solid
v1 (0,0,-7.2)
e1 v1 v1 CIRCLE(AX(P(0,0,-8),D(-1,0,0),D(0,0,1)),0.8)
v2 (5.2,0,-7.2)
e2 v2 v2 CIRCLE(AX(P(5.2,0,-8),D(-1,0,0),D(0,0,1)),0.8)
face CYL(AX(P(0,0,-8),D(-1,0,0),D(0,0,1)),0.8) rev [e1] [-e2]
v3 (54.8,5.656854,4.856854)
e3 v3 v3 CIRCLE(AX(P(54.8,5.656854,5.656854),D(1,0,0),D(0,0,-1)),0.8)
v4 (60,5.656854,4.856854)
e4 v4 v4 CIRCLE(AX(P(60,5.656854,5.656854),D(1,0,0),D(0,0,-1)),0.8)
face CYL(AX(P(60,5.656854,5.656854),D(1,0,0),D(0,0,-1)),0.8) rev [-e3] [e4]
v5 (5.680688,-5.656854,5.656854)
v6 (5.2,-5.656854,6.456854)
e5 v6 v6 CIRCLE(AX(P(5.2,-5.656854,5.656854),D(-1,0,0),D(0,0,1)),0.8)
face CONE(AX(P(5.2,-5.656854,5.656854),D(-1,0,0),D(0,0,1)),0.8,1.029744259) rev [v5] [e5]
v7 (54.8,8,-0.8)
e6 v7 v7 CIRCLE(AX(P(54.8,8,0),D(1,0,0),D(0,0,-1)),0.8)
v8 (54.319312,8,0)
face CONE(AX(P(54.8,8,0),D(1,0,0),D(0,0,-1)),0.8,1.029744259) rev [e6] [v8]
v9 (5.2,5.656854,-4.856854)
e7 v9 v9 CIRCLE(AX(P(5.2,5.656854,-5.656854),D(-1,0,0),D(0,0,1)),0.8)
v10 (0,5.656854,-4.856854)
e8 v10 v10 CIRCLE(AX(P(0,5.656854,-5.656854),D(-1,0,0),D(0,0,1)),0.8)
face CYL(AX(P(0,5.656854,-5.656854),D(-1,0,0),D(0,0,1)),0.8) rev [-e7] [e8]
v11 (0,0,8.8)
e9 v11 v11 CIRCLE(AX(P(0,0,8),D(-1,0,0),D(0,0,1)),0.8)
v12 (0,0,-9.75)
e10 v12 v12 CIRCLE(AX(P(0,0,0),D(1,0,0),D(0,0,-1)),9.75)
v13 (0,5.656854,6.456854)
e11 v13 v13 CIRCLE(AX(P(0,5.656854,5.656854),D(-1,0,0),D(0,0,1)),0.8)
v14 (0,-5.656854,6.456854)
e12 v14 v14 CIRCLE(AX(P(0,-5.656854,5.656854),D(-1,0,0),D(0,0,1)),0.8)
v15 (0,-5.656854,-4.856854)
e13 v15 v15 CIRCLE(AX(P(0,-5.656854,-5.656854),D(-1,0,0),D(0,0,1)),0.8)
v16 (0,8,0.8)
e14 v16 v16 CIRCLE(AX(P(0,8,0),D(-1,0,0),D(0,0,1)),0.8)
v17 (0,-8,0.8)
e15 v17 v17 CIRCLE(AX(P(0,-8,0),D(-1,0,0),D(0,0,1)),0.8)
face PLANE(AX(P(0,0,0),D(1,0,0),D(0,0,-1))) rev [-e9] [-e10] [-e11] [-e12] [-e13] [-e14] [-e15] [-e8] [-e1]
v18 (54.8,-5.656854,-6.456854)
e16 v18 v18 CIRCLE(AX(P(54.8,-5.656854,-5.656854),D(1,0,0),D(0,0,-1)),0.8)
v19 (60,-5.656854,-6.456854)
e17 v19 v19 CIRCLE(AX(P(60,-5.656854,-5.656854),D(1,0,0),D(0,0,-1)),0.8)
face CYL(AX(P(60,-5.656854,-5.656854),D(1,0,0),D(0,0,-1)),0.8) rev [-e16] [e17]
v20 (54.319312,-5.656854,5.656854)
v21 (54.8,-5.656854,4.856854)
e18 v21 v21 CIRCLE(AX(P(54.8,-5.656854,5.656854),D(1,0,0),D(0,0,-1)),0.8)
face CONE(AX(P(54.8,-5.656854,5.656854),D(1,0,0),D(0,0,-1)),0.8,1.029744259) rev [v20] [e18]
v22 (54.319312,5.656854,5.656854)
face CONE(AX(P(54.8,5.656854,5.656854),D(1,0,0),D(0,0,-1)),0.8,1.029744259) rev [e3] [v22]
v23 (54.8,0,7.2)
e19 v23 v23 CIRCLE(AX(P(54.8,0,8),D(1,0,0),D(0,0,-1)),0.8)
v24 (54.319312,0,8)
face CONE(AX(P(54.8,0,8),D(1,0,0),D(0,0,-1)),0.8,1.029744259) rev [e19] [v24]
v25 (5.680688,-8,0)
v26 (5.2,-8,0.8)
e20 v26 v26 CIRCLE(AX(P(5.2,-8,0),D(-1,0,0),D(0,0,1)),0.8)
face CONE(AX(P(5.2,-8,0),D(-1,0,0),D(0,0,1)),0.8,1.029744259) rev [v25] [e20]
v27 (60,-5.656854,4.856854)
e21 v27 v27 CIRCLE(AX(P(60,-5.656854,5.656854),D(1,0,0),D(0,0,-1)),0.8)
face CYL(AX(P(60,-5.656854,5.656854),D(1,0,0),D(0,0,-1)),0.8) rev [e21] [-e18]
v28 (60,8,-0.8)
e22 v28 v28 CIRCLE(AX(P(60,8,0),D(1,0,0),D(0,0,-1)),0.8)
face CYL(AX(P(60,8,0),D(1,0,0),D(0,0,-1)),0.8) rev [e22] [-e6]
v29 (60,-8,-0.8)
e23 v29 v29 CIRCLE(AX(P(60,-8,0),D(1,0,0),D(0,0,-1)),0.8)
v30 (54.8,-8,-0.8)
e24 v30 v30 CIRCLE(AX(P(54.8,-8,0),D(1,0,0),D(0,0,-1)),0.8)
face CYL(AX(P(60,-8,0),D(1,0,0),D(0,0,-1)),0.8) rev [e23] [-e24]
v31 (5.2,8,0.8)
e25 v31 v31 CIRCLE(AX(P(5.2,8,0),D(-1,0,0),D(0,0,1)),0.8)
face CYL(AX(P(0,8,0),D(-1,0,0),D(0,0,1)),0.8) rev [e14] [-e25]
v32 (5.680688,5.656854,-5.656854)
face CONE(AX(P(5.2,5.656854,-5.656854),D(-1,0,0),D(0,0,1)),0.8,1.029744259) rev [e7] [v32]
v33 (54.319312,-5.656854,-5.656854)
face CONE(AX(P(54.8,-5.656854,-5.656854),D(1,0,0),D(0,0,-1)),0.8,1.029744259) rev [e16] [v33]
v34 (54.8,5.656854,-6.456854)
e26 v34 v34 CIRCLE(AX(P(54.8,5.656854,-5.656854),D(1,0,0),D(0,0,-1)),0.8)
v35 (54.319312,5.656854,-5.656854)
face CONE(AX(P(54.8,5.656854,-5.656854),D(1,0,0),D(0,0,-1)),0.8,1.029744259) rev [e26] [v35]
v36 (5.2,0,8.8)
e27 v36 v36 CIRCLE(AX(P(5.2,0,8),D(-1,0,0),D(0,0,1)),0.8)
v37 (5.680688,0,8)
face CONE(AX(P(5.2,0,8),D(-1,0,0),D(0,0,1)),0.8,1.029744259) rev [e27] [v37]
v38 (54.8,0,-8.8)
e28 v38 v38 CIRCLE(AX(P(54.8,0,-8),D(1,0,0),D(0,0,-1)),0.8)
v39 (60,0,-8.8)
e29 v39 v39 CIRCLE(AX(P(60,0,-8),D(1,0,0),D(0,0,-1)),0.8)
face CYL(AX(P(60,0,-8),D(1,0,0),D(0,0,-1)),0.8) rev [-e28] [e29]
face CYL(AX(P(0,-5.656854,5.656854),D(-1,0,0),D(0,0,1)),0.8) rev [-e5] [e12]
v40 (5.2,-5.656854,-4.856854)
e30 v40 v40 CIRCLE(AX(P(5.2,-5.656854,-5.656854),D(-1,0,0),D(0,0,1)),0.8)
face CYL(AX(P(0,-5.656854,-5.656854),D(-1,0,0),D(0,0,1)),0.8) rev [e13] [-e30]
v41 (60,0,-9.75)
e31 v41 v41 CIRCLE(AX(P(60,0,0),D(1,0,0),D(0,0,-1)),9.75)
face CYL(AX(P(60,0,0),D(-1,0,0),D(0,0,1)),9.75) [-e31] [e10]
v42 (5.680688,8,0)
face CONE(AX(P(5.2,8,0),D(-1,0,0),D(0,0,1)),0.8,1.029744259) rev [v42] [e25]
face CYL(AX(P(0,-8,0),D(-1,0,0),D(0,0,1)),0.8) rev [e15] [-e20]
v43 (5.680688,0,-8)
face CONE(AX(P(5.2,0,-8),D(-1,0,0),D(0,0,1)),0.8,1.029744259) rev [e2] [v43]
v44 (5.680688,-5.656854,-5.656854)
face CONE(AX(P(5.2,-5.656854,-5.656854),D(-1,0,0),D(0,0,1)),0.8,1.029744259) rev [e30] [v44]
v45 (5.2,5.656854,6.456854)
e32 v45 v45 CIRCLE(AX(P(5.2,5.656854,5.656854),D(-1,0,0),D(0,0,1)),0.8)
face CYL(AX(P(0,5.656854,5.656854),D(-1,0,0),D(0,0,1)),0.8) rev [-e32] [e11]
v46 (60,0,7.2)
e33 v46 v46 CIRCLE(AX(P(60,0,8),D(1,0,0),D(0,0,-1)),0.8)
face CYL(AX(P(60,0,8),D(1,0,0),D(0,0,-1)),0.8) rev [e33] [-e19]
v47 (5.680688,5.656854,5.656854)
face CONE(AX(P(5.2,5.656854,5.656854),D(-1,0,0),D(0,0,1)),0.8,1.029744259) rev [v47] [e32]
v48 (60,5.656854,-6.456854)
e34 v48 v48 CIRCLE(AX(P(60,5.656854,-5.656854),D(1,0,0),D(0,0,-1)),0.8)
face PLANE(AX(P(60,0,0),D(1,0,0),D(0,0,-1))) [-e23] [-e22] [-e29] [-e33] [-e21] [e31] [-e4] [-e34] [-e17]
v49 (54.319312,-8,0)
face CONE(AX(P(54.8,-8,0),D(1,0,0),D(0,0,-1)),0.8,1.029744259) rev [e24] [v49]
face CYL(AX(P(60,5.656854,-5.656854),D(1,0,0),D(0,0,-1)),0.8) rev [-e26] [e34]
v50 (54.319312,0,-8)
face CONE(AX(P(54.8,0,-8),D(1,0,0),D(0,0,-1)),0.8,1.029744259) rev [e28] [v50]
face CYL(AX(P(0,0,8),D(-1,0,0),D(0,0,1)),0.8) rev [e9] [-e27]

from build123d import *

# Parameters (mm, degrees)
SKETCH1_R                  = 9.75
BOSS_EXTRUDE1_DEPTH        = 60
M2_TAPPED_HOLE1_AT_2_COUNT = 2
M2_TAPPED_HOLE1_AT_2_PITCH = 6.122934918
M2_TAPPED_HOLE1_AT_3_COUNT = 2
M2_TAPPED_HOLE1_AT_3_PITCH = 11.313708499
M2_TAPPED_HOLE1_AT_4_COUNT = 2
M2_TAPPED_HOLE1_AT_4_PITCH = 14.78207252
M2_TAPPED_HOLE1_AT_5_COUNT = 2
M2_TAPPED_HOLE1_AT_5_PITCH = 16
M2_TAPPED_HOLE1_AT_6_COUNT = 2
M2_TAPPED_HOLE1_AT_6_PITCH = 14.78207252
M2_TAPPED_HOLE1_AT_7_COUNT = 2
M2_TAPPED_HOLE1_AT_7_PITCH = 11.313708499
M2_TAPPED_HOLE1_AT_8_COUNT = 2
M2_TAPPED_HOLE1_AT_8_PITCH = 6.122934918


with BuildPart() as part:
    # Sketch1 → Boss-Extrude1 (new body)
    with BuildSketch(Plane(origin=(0, 0, 0), x_dir=(0, 0, -1), z_dir=(1, 0, 0))):
        Circle(SKETCH1_R)
    extrude(amount=BOSS_EXTRUDE1_DEPTH)

    # Sketch4 → M2 Tapped Hole1 (revolve, cut)
    with BuildSketch(Plane(origin=(60, 8, 0), x_dir=(0, 0, -1), z_dir=(0, 1, 0))):
        Polygon((0, 0), (0, 5.680688495), (0.8, 5.2), (0.8, 0), align=None)
    m2_tapped_hole1 = revolve(axis=Axis((66.35, 8, 0), (-1, 0, 0)), mode=Mode.SUBTRACT)

    # M2 Tapped Hole1 at 2: M2 Tapped Hole1 ×2
    with Locations(*[Vector(0, -0.3826834323650503, -0.9238795325113031) * (i * M2_TAPPED_HOLE1_AT_2_PITCH) for i in range(1, M2_TAPPED_HOLE1_AT_2_COUNT)]):
        add(m2_tapped_hole1, mode=Mode.SUBTRACT)

    # M2 Tapped Hole1 at 3: M2 Tapped Hole1 ×2
    with Locations(*[Vector(0, -0.7071067811865174, -0.7071067811865777) * (i * M2_TAPPED_HOLE1_AT_3_PITCH) for i in range(1, M2_TAPPED_HOLE1_AT_3_COUNT)]):
        add(m2_tapped_hole1, mode=Mode.SUBTRACT)

    # M2 Tapped Hole1 at 4: M2 Tapped Hole1 ×2
    with Locations(*[Vector(0, -0.9238795325112705, -0.38268343236512903) * (i * M2_TAPPED_HOLE1_AT_4_PITCH) for i in range(1, M2_TAPPED_HOLE1_AT_4_COUNT)]):
        add(m2_tapped_hole1, mode=Mode.SUBTRACT)

    # M2 Tapped Hole1 at 5: M2 Tapped Hole1 ×2
    with Locations(*[(0, -i * M2_TAPPED_HOLE1_AT_5_PITCH, 0) for i in range(1, M2_TAPPED_HOLE1_AT_5_COUNT)]):
        add(m2_tapped_hole1, mode=Mode.SUBTRACT)

    # M2 Tapped Hole1 at 6: M2 Tapped Hole1 ×2
    with Locations(*[Vector(0, -0.9238795325113031, 0.3826834323650506) * (i * M2_TAPPED_HOLE1_AT_6_PITCH) for i in range(1, M2_TAPPED_HOLE1_AT_6_COUNT)]):
        add(m2_tapped_hole1, mode=Mode.SUBTRACT)

    # M2 Tapped Hole1 at 7: M2 Tapped Hole1 ×2
    with Locations(*[Vector(0, -0.7071067811865777, 0.7071067811865174) * (i * M2_TAPPED_HOLE1_AT_7_PITCH) for i in range(1, M2_TAPPED_HOLE1_AT_7_COUNT)]):
        add(m2_tapped_hole1, mode=Mode.SUBTRACT)

    # M2 Tapped Hole1 at 8: M2 Tapped Hole1 ×2
    with Locations(*[Vector(0, -0.3826834323651289, 0.9238795325112706) * (i * M2_TAPPED_HOLE1_AT_8_PITCH) for i in range(1, M2_TAPPED_HOLE1_AT_8_COUNT)]):
        add(m2_tapped_hole1, mode=Mode.SUBTRACT)

    # Mirror1: M2 Tapped Hole1 across plane
    add(m2_tapped_hole1.mirror(Plane(origin=(30, 0, 0), x_dir=(0, 0, 1), z_dir=(1, 0, 0))), mode=Mode.SUBTRACT)

    # Mirror1 copy 1 sketch → Mirror1 copy 1 (revolve, cut)
    with BuildSketch(Plane(origin=(0, 5.656854249, -5.656854249), x_dir=(0, 0, -1), z_dir=(0, 1, 0))):
        Polygon((0, 0), (0, -5.680688495), (0.8, -5.2), (0.8, 0), align=None)
    revolve(axis=Axis((-6.35, 5.656854249, -5.656854249), (-1, 0, 0)), mode=Mode.SUBTRACT)

    # Mirror1 copy 2 sketch → Mirror1 copy 2 (revolve, cut)
    with BuildSketch(Plane(origin=(0, 0, -8), x_dir=(0, 0, -1), z_dir=(0, 1, 0))):
        Polygon((0, 0), (0, -5.680688495), (0.8, -5.2), (0.8, 0), align=None)
    revolve(axis=Axis((-6.35, 0, -8), (-1, 0, 0)), mode=Mode.SUBTRACT)

    # Mirror1 copy 3 sketch → Mirror1 copy 3 (revolve, cut)
    with BuildSketch(Plane(origin=(0, -5.656854249, -5.656854249), x_dir=(0, 0, -1), z_dir=(0, 1, 0))):
        Polygon((0, 0), (0, -5.680688495), (0.8, -5.2), (0.8, 0), align=None)
    revolve(axis=Axis((-6.35, -5.656854249, -5.656854249), (-1, 0, 0)), mode=Mode.SUBTRACT)

    # Mirror1 copy 4 sketch → Mirror1 copy 4 (revolve, cut)
    with BuildSketch(Plane(origin=(0, -8, 0), x_dir=(0, 0, -1), z_dir=(0, 1, 0))):
        Polygon((0, 0), (0, -5.680688495), (0.8, -5.2), (0.8, 0), align=None)
    revolve(axis=Axis((-6.35, -8, 0), (-1, 0, 0)), mode=Mode.SUBTRACT)

    # Mirror1 copy 5 sketch → Mirror1 copy 5 (revolve, cut)
    with BuildSketch(Plane(origin=(0, -5.656854249, 5.656854249), x_dir=(0, 0, -1), z_dir=(0, 1, 0))):
        Polygon((0, 0), (0, -5.680688495), (0.8, -5.2), (0.8, 0), align=None)
    revolve(axis=Axis((-6.35, -5.656854249, 5.656854249), (-1, 0, 0)), mode=Mode.SUBTRACT)

    # Mirror1 copy 6 sketch → Mirror1 copy 6 (revolve, cut)
    with BuildSketch(Plane(origin=(0, 0, 8), x_dir=(0, 0, -1), z_dir=(0, 1, 0))):
        Polygon((0, 0), (0, -5.680688495), (0.8, -5.2), (0.8, 0), align=None)
    revolve(axis=Axis((-6.35, 0, 8), (-1, 0, 0)), mode=Mode.SUBTRACT)

    # Mirror1 copy 7 sketch → Mirror1 copy 7 (revolve, cut)
    with BuildSketch(Plane(origin=(0, 5.656854249, 5.656854249), x_dir=(0, 0, -1), z_dir=(0, 1, 0))):
        Polygon((0, 0), (0, -5.680688495), (0.8, -5.2), (0.8, 0), align=None)
    revolve(axis=Axis((-6.35, 5.656854249, 5.656854249), (-1, 0, 0)), mode=Mode.SUBTRACT)


solid = part.part
